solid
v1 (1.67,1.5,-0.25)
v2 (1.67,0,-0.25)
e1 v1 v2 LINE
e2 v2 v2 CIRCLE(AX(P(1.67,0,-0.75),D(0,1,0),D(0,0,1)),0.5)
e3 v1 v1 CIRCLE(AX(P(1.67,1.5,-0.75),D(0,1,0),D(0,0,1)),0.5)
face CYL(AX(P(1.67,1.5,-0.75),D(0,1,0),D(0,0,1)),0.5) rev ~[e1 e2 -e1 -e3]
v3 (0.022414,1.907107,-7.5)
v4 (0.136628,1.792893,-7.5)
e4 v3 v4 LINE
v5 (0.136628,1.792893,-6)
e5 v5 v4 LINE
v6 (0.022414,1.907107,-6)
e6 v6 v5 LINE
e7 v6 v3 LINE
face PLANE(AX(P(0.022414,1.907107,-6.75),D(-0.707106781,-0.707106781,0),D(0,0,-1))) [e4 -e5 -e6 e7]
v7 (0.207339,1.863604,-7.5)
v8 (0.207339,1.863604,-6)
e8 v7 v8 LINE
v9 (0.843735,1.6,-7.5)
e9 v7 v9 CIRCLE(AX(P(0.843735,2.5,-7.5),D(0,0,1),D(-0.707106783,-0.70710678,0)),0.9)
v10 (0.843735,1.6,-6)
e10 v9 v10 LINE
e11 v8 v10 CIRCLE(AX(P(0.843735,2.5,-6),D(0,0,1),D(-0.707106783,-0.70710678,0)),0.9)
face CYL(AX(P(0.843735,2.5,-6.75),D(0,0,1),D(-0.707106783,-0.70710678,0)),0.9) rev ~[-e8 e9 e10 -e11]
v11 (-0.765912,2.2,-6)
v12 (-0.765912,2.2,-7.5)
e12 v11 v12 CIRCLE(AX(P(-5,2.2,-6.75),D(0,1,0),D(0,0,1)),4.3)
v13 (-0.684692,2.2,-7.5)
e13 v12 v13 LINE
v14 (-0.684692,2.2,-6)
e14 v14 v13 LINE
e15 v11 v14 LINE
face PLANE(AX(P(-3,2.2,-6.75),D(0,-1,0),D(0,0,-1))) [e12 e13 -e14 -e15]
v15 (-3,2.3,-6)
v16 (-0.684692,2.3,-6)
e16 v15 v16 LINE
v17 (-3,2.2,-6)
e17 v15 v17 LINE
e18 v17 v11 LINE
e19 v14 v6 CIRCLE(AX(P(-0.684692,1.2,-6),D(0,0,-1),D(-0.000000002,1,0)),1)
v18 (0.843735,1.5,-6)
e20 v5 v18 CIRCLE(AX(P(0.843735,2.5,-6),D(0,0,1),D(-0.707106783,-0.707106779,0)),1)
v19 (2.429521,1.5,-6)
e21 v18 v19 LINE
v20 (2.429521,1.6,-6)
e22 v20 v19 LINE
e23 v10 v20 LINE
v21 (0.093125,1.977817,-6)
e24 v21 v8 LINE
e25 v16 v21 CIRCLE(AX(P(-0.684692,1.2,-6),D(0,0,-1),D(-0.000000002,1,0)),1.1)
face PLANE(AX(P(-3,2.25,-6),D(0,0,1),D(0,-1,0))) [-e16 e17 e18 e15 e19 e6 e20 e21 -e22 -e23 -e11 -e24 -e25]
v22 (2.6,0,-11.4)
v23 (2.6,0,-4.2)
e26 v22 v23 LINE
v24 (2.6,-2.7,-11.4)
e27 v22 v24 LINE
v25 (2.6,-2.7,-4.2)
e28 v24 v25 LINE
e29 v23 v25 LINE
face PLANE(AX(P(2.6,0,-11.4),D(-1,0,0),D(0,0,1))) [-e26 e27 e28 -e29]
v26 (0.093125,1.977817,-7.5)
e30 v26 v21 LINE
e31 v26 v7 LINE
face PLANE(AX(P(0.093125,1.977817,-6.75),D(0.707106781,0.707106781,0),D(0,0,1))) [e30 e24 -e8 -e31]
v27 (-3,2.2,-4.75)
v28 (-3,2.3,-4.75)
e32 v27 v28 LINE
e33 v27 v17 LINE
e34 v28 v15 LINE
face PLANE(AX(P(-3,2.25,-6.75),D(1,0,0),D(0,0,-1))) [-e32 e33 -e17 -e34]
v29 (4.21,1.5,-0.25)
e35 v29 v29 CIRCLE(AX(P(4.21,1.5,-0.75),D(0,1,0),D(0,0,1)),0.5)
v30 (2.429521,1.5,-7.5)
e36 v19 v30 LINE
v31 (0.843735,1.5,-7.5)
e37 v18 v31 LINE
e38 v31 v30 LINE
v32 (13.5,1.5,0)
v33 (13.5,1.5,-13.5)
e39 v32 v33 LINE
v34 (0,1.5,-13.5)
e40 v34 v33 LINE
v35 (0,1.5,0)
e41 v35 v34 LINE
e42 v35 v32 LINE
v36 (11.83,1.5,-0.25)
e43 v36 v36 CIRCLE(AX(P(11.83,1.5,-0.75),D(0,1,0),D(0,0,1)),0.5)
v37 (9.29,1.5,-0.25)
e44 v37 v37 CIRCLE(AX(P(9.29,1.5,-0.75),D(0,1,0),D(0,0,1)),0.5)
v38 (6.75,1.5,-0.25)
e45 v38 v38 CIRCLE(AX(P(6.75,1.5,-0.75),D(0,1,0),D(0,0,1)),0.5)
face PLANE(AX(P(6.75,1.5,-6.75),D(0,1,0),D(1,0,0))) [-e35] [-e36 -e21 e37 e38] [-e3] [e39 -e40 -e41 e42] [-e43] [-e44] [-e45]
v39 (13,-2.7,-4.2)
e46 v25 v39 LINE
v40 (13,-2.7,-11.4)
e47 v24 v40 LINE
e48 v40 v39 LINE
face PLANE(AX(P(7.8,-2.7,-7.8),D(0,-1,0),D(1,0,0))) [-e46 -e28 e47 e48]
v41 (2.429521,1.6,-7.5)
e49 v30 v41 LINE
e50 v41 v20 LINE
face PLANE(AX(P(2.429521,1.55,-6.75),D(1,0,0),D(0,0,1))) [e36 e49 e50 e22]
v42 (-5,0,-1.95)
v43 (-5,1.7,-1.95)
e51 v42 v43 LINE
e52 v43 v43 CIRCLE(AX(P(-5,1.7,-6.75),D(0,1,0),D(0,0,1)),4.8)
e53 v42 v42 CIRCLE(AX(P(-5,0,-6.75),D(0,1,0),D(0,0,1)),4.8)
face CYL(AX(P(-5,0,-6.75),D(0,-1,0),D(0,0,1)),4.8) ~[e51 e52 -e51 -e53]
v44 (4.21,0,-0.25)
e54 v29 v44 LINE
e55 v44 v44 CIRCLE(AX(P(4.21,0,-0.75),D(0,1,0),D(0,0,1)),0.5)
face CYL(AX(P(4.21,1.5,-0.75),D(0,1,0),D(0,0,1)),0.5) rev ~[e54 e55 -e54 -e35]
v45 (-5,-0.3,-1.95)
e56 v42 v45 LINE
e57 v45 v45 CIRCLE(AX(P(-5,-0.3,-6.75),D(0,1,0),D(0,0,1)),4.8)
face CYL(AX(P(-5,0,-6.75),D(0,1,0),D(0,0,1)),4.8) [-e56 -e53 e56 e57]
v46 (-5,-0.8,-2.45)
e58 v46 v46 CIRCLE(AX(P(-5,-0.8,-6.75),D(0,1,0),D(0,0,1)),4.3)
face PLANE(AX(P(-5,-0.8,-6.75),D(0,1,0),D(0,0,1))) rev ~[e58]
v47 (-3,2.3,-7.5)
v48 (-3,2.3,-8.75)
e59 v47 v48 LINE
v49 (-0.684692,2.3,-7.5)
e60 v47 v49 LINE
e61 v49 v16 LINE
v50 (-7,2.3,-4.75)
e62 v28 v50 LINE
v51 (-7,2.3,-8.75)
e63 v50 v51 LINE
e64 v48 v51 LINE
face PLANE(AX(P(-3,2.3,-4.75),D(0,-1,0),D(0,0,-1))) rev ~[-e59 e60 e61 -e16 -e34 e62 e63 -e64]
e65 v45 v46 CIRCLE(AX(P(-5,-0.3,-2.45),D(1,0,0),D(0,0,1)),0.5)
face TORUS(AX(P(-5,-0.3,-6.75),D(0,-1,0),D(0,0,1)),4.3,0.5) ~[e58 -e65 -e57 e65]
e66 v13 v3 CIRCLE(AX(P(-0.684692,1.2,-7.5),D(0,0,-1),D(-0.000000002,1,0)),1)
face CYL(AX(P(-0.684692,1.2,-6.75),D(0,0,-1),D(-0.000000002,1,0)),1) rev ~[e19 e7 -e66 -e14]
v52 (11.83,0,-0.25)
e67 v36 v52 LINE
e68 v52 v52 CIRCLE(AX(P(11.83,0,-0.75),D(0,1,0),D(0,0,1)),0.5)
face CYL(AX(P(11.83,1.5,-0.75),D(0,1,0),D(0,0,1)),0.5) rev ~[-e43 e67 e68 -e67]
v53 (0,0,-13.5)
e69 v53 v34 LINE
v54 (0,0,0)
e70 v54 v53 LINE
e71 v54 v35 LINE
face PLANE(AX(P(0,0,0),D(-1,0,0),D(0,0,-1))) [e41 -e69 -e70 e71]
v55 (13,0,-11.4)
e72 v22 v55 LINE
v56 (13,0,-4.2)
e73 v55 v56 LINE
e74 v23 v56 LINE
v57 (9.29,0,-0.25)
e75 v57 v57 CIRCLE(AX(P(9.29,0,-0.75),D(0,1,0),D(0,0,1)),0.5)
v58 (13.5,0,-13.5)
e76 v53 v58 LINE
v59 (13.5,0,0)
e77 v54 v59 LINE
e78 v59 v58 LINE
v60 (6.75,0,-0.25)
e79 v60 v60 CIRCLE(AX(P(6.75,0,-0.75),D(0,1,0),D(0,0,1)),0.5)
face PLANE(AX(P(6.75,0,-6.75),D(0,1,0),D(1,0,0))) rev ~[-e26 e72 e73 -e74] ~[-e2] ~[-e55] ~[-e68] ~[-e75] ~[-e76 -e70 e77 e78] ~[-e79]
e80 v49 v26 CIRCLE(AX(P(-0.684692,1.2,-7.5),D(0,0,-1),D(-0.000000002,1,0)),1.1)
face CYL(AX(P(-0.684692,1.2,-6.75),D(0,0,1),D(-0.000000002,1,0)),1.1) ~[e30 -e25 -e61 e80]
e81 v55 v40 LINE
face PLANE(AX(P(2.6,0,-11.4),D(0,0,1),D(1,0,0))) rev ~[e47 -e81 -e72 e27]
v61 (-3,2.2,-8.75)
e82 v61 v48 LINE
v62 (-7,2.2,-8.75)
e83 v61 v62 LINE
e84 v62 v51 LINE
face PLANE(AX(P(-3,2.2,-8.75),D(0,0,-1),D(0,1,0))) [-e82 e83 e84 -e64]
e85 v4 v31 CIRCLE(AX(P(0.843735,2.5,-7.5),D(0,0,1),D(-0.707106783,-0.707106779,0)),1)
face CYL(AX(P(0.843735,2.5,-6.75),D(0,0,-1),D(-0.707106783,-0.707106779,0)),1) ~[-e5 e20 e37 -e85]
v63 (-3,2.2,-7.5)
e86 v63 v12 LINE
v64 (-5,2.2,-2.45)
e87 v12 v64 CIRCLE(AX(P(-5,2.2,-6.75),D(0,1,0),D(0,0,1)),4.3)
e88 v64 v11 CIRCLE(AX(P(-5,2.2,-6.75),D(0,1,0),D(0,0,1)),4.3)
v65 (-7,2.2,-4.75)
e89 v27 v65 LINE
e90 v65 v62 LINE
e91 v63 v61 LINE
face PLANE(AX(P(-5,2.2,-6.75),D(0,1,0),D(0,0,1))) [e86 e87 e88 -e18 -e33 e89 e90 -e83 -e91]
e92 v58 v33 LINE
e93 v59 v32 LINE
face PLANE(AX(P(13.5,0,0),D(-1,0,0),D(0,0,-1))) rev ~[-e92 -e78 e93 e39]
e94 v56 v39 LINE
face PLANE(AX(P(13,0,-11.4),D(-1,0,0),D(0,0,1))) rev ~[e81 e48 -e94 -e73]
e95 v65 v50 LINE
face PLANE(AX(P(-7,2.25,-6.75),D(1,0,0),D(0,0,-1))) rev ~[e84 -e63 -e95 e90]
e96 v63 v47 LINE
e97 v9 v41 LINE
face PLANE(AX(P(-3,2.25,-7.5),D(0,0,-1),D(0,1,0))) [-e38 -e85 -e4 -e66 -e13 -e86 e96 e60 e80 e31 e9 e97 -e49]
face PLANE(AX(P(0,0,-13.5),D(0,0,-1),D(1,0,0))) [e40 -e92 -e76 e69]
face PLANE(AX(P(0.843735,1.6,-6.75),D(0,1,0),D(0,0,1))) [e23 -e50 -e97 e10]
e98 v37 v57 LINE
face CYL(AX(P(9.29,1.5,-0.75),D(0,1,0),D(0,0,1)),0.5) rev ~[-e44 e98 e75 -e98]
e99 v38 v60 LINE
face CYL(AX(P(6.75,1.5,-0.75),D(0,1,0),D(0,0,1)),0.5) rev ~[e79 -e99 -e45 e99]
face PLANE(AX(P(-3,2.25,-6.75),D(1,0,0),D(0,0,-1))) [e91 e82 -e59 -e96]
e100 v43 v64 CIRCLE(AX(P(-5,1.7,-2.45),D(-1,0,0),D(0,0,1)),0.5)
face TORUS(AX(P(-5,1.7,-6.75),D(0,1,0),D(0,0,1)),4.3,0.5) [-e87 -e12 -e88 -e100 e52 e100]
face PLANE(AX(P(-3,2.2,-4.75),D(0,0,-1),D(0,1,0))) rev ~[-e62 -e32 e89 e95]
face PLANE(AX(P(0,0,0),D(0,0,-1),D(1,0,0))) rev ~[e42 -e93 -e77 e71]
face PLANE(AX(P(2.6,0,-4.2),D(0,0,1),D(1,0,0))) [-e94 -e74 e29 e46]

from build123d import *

# Parameters (mm, degrees)
SKETCH1_W           = 13.5
SKETCH1_H           = 13.5
BOSS_EXTRUDE1_DEPTH = 1.5
SKETCH2_R           = 0.5
CUT_EXTRUDE1_DEPTH  = 1.5
SKETCH3_R           = 4.8
BOSS_EXTRUDE2_DEPTH = 0.8
SKETCH4_R           = 4.8
BOSS_EXTRUDE3_DEPTH = 2.2
FILLET1_R           = 0.5
SKETCH5_W           = 10.4
SKETCH5_H           = 7.2
BOSS_EXTRUDE4_DEPTH = 2.7
SKETCH7_W           = 1.5
SKETCH7_H           = 0.1
SKETCH8_W           = 4
SKETCH8_H           = 0.1
BOSS_EXTRUDE5_DEPTH = 4


with BuildPart() as part:
    # Sketch1 → Boss-Extrude1 (new body)
    with BuildSketch(Plane(origin=(0, 0, 0), x_dir=(1, 0, 0), z_dir=(0, 1, 0))):
        with Locations((6.75, 6.75)):
            Rectangle(SKETCH1_W, SKETCH1_H)
    extrude(amount=BOSS_EXTRUDE1_DEPTH)

    # Sketch2 → Cut-Extrude1 (cut)
    with BuildSketch(Plane(origin=(0, 1.5, 0), x_dir=(1, 0, 0), z_dir=(0, 1, 0))):
        with Locations(Location((11.83, 0.75, 0), (0, 0, 270))):
            Circle(SKETCH2_R)
        with Locations(Location((9.29, 0.75, 0), (0, 0, 270))):
            Circle(SKETCH2_R)
        with Locations(Location((6.75, 0.75, 0), (0, 0, 270))):
            Circle(SKETCH2_R)
        with Locations(Location((4.21, 0.75, 0), (0, 0, 270))):
            Circle(SKETCH2_R)
        with Locations(Location((1.67, 0.75, 0), (0, 0, 270))):
            Circle(SKETCH2_R)
    extrude(amount=-CUT_EXTRUDE1_DEPTH, mode=Mode.SUBTRACT)

    # Sketch5 → Boss-Extrude4 (add)
    with BuildSketch(Plane.XZ):
        with Locations((7.8, -7.8)):
            Rectangle(SKETCH5_W, SKETCH5_H)
    extrude(amount=BOSS_EXTRUDE4_DEPTH)



with BuildPart() as body_2:
    # Sketch3 → Boss-Extrude2 (new body)
    with BuildSketch(Plane(origin=(0, 0, 0), x_dir=(1, 0, 0), z_dir=(0, 1, 0))):
        with Locations(Location((-5, 6.75, 0), (0, 0, 270))):
            Circle(SKETCH3_R)
    extrude(amount=-BOSS_EXTRUDE2_DEPTH)

    # Sketch4 → Boss-Extrude3 (add)
    with BuildSketch(Plane(origin=(0, 0, 0), x_dir=(1, 0, 0), z_dir=(0, 1, 0))):
        with Locations(Location((-5, 6.75, 0), (0, 0, 270))):
            Circle(SKETCH4_R)
    extrude(amount=BOSS_EXTRUDE3_DEPTH)

    # Fillet1
    fillet1_edges = [body_2.edges().sort_by_distance(p)[0] for p in [
        (-5, -0.8, -11.55),
        (-5, 2.2, -11.55),
    ]]
    fillet(fillet1_edges, radius=FILLET1_R)


with BuildPart() as part_1:
    add(part.part)

    add(body_2.part)  # Sweep1 merges body 2
    # Sweep1: sweep along a path in Sketch6
    with BuildLine(Plane.XY.offset(-6.75)) as sweep1_path:
        Line((-3, 2.2), (-0.684692448, 2.2))
        ThreePointArc((-0.684692448, 2.2), (-0.302009016, 2.123879533), (0.022414333, 1.907106781))
        Line((0.022414333, 1.907106781), (0.136627895, 1.792893219))
        ThreePointArc((0.136627895, 1.792893219), (0.461051244, 1.576120467), (0.843734676, 1.5))
        Line((0.843734676, 1.5), (2.429521114, 1.5))
    # Sketch7 → Sweep1 (sweep)
    with BuildSketch(Plane(origin=(-3, 0, 0), x_dir=(0, 0, -1), z_dir=(1, 0, 0))):
        with Locations((6.75, 2.25)):
            Rectangle(SKETCH7_W, SKETCH7_H)
    sweep(path=sweep1_path.line)

    # Sketch8 → Boss-Extrude5 (add)
    with BuildSketch(Plane(origin=(-3, 0, 0), x_dir=(0, 0, -1), z_dir=(1, 0, 0))):
        with Locations((6.75, 2.25)):
            Rectangle(SKETCH8_W, SKETCH8_H)
    extrude(amount=-BOSS_EXTRUDE5_DEPTH)


solid = part_1.part
